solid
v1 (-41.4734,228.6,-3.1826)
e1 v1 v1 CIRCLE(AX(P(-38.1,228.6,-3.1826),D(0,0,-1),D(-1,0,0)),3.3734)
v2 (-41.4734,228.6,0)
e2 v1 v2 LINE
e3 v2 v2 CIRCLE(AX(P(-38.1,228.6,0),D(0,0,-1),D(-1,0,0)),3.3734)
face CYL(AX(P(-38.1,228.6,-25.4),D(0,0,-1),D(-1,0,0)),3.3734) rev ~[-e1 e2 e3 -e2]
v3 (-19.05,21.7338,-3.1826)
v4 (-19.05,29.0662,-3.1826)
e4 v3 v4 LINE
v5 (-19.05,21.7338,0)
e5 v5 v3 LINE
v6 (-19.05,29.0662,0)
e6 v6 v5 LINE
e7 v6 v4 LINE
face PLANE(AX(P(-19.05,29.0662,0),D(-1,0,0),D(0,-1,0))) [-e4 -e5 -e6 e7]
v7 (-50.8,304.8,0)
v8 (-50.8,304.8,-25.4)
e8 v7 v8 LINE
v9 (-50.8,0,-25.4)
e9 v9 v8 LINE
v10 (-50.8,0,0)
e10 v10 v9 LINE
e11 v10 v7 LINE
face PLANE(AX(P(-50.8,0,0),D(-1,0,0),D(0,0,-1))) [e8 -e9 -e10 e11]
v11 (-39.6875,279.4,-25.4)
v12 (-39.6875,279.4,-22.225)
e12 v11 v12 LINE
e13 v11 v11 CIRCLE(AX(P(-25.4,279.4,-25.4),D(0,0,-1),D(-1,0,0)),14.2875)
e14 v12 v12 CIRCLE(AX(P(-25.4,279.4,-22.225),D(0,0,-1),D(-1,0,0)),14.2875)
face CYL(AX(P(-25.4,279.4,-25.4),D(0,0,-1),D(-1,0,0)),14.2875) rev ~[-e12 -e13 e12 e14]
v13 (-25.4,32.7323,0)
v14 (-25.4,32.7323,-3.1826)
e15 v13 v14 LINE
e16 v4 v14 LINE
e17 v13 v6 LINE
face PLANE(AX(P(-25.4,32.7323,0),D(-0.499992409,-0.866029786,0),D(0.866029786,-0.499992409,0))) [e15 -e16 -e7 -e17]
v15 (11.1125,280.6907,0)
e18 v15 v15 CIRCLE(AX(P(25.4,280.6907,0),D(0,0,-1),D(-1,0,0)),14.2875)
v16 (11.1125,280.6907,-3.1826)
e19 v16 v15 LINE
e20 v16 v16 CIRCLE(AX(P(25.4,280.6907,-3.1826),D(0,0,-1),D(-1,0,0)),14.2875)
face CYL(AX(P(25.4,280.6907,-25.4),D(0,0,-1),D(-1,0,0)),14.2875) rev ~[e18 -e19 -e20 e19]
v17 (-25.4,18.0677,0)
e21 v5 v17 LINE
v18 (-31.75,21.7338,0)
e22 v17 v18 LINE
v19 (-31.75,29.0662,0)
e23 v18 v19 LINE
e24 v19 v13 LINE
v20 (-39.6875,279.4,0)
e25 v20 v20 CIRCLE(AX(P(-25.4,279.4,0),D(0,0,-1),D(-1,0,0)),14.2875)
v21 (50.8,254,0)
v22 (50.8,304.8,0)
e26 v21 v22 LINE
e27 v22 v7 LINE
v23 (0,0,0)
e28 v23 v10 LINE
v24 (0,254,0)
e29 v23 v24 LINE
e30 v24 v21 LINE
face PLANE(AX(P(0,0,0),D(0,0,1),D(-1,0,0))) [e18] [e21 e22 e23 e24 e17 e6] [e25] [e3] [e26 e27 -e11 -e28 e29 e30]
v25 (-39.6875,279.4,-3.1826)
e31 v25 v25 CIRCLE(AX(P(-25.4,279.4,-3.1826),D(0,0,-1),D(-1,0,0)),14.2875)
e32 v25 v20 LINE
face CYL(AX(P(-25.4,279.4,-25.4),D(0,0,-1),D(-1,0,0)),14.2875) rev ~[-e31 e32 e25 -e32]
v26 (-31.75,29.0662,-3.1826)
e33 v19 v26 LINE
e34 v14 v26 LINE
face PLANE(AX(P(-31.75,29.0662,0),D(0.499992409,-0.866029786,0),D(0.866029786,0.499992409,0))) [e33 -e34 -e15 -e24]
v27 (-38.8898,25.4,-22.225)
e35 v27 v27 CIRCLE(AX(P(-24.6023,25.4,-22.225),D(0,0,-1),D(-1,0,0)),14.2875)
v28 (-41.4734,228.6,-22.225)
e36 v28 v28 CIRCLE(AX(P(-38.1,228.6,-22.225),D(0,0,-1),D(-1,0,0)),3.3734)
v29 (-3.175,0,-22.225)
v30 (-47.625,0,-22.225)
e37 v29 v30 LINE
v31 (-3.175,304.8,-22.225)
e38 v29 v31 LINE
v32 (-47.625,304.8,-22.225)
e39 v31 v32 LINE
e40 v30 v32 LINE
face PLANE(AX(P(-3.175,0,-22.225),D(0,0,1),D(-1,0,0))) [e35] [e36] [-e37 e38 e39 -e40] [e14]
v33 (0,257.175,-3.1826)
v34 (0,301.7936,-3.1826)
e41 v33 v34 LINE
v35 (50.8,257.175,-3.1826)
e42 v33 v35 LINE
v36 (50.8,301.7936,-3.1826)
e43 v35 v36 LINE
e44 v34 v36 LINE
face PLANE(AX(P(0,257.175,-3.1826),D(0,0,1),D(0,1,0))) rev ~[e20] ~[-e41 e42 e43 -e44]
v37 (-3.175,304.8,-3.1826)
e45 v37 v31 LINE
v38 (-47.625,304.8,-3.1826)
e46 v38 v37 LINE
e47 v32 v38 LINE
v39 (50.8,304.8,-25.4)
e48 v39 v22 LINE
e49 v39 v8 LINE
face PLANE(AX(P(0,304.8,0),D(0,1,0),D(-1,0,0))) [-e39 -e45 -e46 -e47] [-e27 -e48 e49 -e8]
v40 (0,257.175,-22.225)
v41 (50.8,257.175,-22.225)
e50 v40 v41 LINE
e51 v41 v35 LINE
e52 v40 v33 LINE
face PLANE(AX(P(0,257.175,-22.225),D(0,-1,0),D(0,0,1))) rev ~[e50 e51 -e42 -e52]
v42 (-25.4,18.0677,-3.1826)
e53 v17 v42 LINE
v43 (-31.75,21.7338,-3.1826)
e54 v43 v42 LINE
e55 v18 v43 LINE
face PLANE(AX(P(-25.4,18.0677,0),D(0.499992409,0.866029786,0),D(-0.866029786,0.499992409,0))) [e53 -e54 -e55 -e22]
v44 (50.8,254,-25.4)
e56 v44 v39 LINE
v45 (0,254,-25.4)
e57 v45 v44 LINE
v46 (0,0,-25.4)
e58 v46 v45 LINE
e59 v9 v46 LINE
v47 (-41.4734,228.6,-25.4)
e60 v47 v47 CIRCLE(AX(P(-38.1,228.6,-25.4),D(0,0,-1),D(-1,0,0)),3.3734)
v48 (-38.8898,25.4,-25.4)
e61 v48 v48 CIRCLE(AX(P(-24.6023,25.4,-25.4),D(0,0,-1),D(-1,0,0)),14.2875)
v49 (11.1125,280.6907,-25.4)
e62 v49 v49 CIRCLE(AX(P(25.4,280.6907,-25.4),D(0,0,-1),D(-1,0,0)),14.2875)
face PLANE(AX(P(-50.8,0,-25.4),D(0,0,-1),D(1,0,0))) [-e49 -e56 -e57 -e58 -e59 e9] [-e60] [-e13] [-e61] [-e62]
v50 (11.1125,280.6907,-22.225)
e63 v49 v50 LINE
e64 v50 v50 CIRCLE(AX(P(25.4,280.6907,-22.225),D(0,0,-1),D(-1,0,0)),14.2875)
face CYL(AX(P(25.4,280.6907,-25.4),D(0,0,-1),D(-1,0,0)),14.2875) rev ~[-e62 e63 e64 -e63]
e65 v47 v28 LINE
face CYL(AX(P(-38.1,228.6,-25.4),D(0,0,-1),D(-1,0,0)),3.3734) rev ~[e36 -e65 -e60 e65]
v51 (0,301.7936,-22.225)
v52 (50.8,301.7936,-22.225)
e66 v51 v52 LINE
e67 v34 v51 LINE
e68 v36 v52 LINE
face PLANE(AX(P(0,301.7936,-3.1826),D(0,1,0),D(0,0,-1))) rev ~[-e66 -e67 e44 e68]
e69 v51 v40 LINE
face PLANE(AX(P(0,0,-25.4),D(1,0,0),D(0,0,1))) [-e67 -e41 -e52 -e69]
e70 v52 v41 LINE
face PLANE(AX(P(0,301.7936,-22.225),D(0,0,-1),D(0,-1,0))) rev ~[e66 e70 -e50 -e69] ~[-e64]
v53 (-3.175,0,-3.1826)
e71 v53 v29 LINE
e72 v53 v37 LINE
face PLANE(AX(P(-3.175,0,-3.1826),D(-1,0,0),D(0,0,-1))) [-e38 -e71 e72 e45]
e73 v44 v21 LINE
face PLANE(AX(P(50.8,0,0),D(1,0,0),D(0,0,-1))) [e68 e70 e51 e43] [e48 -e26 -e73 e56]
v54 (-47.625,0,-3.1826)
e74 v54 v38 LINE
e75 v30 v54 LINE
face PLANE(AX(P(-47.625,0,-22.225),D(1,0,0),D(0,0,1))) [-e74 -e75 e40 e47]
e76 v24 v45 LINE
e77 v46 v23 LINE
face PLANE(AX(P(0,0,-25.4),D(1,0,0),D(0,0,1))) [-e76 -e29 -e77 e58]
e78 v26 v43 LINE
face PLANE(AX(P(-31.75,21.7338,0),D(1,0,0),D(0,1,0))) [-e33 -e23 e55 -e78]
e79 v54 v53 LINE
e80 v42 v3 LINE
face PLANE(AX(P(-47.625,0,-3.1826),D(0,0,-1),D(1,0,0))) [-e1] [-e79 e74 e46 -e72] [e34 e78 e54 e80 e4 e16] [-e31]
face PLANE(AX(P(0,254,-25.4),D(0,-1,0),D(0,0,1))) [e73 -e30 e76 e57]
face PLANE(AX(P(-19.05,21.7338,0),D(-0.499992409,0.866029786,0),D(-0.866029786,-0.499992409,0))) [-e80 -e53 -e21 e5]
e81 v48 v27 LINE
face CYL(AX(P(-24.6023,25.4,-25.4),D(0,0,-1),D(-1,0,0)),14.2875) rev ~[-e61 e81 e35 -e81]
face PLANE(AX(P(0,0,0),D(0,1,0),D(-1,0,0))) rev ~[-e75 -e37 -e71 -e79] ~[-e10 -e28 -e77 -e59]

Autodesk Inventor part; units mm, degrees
ref_plane "YZ Plane" through (0, 0, 0) normal (1, 0, 0) x (0, 1, 0)
ref_plane "XZ Plane" through (0, 0, 0) normal (0, 1, 0) x (-1, 0, 0)
ref_plane "XY Plane" through (0, 0, 0) normal (0, 0, 1) x (1, 0, 0)
sketch "Sketch1" plane through (0, 0, 0) normal (0, 1, 0) x (-1, 0, 0)
  line L0 (0, 0) -> (50.8, 0)
  line L1 (50.8, 0) -> (50.8, -25.4)
  line L2 (50.8, -25.4) -> (0, -25.4)
  line L3 (0, -25.4) -> (0, 0)
  line L4 (47.625, -3.1826) -> (3.175, -3.1826)
  line L5 (3.175, -3.1826) -> (3.175, -22.225)
  line L6 (3.175, -22.225) -> (47.625, -22.225)
  line L7 (47.625, -22.225) -> (47.625, -3.1826)
  dimension "d0" = 50.8
  dimension "d1" = 25.4
  dimension "d2" = 3.175
  dimension "d3" = 3.1826
  dimension "d4" = 3.175
  dimension "d5" = 3.175
extrude "Extrusion1" add sketch "Sketch1" along normal blind 304.8
sketch "Sketch2" plane through (0, 0, 0) normal (1, 0, 0) x (0, 0, -1)
  line L0 (25.4, 0) -> (25.4, 304.8) projected
  line L1 (0, 304.8) -> (25.4, 304.8)
  line L2 (25.4, 304.8) -> (25.4, 254)
  line L3 (25.4, 254) -> (0, 254)
  line L4 (0, 254) -> (0, 304.8)
  line L5 (3.1826, 0) -> (3.1826, 304.8) projected
  line L6 (3.1826, 301.7936) -> (22.225, 301.7936)
  line L7 (22.225, 301.7936) -> (22.225, 257.175)
  line L8 (22.225, 257.175) -> (3.1826, 257.175)
  line L9 (3.1826, 257.175) -> (3.1826, 301.7936)
  point P0 (0, 0)
  dimension "d8" = 50.8
  dimension "d9" = 3.175
  dimension "d10" = 3.175
extrude "Extrusion2" add sketch "Sketch2" along normal blind 50.8 contours L3 L5 L8 L7 L6 L1 L0 | L3 L4 L1 L5
sketch "Sketch3" plane through (0, 0, -25.4) normal (0, 0, -1) x (-1, 0, 0)
  circle A0 centre (-25.4, 280.6907) radius 14.2875
  line L0 (-50.8, 254) -> (-50.8, 304.8) projected
  point P0 (0, 0)
  dimension "d13" = 25.4
  dimension "d14" = 28.575
extrude "Extrusion3" cut sketch "Sketch3" against normal through all
sketch "Sketch4" plane through (0, 0, -25.4) normal (0, 0, -1) x (-1, 0, 0)
  circle A0 centre (24.6023, 25.4) radius 14.2875
  line L0 (50.8, 0) -> (0, 0) projected
  dimension "d17" = 25.4
  dimension "d18" = 28.575
extrude "Extrusion4" cut sketch "Sketch4" against normal up to next
sketch "Sketch5" plane through (0, 0, -25.4) normal (0, 0, -1) x (-1, 0, 0)
  circle A0 centre (25.4, 279.4) radius 14.2875
  line L0 (50.8, 304.8) -> (-50.8, 304.8) projected
  line L1 (50.8, 0) -> (50.8, 304.8) projected
  circle A1 centre (38.1, 228.6) radius 3.3734
  point P0 (0, 0)
  dimension "d21" = 25.4
  dimension "d22" = 28.575
  dimension "d23" = 25.4
  dimension "d32" = 6.7469
  dimension "d33" = 76.2
  dimension "d34" = 12.7
extrude "Extrusion5" cut sketch "Sketch5" against normal blind 25.4
sketch "Sketch6" plane through (-50.8, 0, 0) normal (0, 0, 1) x (1, 0, 0)
  line L0 (25.4, 18.0677) -> (19.05, 21.7338)
  line L1 (19.05, 21.7338) -> (19.05, 29.0662)
  line L2 (19.05, 29.0662) -> (25.4, 32.7323)
  line L3 (25.4, 32.7323) -> (31.75, 29.0662)
  line L4 (31.75, 29.0662) -> (31.75, 21.7338)
  line L5 (31.75, 21.7338) -> (25.4, 18.0677)
  line L6 (50.8, 0) -> (50.8, 254) projected
  line L7 (50.8, 0) -> (0, 0) projected
  point P0 (25.4, 25.4)
  dimension "d26" = 25.4
  dimension "d27" = 25.4
  dimension "d28" = 19.05
  dimension "d29" = 12.7
extrude "Extrusion6" cut sketch "Sketch6" against normal through all
properties part number "arm_new1" material "Aluminum 6061"
